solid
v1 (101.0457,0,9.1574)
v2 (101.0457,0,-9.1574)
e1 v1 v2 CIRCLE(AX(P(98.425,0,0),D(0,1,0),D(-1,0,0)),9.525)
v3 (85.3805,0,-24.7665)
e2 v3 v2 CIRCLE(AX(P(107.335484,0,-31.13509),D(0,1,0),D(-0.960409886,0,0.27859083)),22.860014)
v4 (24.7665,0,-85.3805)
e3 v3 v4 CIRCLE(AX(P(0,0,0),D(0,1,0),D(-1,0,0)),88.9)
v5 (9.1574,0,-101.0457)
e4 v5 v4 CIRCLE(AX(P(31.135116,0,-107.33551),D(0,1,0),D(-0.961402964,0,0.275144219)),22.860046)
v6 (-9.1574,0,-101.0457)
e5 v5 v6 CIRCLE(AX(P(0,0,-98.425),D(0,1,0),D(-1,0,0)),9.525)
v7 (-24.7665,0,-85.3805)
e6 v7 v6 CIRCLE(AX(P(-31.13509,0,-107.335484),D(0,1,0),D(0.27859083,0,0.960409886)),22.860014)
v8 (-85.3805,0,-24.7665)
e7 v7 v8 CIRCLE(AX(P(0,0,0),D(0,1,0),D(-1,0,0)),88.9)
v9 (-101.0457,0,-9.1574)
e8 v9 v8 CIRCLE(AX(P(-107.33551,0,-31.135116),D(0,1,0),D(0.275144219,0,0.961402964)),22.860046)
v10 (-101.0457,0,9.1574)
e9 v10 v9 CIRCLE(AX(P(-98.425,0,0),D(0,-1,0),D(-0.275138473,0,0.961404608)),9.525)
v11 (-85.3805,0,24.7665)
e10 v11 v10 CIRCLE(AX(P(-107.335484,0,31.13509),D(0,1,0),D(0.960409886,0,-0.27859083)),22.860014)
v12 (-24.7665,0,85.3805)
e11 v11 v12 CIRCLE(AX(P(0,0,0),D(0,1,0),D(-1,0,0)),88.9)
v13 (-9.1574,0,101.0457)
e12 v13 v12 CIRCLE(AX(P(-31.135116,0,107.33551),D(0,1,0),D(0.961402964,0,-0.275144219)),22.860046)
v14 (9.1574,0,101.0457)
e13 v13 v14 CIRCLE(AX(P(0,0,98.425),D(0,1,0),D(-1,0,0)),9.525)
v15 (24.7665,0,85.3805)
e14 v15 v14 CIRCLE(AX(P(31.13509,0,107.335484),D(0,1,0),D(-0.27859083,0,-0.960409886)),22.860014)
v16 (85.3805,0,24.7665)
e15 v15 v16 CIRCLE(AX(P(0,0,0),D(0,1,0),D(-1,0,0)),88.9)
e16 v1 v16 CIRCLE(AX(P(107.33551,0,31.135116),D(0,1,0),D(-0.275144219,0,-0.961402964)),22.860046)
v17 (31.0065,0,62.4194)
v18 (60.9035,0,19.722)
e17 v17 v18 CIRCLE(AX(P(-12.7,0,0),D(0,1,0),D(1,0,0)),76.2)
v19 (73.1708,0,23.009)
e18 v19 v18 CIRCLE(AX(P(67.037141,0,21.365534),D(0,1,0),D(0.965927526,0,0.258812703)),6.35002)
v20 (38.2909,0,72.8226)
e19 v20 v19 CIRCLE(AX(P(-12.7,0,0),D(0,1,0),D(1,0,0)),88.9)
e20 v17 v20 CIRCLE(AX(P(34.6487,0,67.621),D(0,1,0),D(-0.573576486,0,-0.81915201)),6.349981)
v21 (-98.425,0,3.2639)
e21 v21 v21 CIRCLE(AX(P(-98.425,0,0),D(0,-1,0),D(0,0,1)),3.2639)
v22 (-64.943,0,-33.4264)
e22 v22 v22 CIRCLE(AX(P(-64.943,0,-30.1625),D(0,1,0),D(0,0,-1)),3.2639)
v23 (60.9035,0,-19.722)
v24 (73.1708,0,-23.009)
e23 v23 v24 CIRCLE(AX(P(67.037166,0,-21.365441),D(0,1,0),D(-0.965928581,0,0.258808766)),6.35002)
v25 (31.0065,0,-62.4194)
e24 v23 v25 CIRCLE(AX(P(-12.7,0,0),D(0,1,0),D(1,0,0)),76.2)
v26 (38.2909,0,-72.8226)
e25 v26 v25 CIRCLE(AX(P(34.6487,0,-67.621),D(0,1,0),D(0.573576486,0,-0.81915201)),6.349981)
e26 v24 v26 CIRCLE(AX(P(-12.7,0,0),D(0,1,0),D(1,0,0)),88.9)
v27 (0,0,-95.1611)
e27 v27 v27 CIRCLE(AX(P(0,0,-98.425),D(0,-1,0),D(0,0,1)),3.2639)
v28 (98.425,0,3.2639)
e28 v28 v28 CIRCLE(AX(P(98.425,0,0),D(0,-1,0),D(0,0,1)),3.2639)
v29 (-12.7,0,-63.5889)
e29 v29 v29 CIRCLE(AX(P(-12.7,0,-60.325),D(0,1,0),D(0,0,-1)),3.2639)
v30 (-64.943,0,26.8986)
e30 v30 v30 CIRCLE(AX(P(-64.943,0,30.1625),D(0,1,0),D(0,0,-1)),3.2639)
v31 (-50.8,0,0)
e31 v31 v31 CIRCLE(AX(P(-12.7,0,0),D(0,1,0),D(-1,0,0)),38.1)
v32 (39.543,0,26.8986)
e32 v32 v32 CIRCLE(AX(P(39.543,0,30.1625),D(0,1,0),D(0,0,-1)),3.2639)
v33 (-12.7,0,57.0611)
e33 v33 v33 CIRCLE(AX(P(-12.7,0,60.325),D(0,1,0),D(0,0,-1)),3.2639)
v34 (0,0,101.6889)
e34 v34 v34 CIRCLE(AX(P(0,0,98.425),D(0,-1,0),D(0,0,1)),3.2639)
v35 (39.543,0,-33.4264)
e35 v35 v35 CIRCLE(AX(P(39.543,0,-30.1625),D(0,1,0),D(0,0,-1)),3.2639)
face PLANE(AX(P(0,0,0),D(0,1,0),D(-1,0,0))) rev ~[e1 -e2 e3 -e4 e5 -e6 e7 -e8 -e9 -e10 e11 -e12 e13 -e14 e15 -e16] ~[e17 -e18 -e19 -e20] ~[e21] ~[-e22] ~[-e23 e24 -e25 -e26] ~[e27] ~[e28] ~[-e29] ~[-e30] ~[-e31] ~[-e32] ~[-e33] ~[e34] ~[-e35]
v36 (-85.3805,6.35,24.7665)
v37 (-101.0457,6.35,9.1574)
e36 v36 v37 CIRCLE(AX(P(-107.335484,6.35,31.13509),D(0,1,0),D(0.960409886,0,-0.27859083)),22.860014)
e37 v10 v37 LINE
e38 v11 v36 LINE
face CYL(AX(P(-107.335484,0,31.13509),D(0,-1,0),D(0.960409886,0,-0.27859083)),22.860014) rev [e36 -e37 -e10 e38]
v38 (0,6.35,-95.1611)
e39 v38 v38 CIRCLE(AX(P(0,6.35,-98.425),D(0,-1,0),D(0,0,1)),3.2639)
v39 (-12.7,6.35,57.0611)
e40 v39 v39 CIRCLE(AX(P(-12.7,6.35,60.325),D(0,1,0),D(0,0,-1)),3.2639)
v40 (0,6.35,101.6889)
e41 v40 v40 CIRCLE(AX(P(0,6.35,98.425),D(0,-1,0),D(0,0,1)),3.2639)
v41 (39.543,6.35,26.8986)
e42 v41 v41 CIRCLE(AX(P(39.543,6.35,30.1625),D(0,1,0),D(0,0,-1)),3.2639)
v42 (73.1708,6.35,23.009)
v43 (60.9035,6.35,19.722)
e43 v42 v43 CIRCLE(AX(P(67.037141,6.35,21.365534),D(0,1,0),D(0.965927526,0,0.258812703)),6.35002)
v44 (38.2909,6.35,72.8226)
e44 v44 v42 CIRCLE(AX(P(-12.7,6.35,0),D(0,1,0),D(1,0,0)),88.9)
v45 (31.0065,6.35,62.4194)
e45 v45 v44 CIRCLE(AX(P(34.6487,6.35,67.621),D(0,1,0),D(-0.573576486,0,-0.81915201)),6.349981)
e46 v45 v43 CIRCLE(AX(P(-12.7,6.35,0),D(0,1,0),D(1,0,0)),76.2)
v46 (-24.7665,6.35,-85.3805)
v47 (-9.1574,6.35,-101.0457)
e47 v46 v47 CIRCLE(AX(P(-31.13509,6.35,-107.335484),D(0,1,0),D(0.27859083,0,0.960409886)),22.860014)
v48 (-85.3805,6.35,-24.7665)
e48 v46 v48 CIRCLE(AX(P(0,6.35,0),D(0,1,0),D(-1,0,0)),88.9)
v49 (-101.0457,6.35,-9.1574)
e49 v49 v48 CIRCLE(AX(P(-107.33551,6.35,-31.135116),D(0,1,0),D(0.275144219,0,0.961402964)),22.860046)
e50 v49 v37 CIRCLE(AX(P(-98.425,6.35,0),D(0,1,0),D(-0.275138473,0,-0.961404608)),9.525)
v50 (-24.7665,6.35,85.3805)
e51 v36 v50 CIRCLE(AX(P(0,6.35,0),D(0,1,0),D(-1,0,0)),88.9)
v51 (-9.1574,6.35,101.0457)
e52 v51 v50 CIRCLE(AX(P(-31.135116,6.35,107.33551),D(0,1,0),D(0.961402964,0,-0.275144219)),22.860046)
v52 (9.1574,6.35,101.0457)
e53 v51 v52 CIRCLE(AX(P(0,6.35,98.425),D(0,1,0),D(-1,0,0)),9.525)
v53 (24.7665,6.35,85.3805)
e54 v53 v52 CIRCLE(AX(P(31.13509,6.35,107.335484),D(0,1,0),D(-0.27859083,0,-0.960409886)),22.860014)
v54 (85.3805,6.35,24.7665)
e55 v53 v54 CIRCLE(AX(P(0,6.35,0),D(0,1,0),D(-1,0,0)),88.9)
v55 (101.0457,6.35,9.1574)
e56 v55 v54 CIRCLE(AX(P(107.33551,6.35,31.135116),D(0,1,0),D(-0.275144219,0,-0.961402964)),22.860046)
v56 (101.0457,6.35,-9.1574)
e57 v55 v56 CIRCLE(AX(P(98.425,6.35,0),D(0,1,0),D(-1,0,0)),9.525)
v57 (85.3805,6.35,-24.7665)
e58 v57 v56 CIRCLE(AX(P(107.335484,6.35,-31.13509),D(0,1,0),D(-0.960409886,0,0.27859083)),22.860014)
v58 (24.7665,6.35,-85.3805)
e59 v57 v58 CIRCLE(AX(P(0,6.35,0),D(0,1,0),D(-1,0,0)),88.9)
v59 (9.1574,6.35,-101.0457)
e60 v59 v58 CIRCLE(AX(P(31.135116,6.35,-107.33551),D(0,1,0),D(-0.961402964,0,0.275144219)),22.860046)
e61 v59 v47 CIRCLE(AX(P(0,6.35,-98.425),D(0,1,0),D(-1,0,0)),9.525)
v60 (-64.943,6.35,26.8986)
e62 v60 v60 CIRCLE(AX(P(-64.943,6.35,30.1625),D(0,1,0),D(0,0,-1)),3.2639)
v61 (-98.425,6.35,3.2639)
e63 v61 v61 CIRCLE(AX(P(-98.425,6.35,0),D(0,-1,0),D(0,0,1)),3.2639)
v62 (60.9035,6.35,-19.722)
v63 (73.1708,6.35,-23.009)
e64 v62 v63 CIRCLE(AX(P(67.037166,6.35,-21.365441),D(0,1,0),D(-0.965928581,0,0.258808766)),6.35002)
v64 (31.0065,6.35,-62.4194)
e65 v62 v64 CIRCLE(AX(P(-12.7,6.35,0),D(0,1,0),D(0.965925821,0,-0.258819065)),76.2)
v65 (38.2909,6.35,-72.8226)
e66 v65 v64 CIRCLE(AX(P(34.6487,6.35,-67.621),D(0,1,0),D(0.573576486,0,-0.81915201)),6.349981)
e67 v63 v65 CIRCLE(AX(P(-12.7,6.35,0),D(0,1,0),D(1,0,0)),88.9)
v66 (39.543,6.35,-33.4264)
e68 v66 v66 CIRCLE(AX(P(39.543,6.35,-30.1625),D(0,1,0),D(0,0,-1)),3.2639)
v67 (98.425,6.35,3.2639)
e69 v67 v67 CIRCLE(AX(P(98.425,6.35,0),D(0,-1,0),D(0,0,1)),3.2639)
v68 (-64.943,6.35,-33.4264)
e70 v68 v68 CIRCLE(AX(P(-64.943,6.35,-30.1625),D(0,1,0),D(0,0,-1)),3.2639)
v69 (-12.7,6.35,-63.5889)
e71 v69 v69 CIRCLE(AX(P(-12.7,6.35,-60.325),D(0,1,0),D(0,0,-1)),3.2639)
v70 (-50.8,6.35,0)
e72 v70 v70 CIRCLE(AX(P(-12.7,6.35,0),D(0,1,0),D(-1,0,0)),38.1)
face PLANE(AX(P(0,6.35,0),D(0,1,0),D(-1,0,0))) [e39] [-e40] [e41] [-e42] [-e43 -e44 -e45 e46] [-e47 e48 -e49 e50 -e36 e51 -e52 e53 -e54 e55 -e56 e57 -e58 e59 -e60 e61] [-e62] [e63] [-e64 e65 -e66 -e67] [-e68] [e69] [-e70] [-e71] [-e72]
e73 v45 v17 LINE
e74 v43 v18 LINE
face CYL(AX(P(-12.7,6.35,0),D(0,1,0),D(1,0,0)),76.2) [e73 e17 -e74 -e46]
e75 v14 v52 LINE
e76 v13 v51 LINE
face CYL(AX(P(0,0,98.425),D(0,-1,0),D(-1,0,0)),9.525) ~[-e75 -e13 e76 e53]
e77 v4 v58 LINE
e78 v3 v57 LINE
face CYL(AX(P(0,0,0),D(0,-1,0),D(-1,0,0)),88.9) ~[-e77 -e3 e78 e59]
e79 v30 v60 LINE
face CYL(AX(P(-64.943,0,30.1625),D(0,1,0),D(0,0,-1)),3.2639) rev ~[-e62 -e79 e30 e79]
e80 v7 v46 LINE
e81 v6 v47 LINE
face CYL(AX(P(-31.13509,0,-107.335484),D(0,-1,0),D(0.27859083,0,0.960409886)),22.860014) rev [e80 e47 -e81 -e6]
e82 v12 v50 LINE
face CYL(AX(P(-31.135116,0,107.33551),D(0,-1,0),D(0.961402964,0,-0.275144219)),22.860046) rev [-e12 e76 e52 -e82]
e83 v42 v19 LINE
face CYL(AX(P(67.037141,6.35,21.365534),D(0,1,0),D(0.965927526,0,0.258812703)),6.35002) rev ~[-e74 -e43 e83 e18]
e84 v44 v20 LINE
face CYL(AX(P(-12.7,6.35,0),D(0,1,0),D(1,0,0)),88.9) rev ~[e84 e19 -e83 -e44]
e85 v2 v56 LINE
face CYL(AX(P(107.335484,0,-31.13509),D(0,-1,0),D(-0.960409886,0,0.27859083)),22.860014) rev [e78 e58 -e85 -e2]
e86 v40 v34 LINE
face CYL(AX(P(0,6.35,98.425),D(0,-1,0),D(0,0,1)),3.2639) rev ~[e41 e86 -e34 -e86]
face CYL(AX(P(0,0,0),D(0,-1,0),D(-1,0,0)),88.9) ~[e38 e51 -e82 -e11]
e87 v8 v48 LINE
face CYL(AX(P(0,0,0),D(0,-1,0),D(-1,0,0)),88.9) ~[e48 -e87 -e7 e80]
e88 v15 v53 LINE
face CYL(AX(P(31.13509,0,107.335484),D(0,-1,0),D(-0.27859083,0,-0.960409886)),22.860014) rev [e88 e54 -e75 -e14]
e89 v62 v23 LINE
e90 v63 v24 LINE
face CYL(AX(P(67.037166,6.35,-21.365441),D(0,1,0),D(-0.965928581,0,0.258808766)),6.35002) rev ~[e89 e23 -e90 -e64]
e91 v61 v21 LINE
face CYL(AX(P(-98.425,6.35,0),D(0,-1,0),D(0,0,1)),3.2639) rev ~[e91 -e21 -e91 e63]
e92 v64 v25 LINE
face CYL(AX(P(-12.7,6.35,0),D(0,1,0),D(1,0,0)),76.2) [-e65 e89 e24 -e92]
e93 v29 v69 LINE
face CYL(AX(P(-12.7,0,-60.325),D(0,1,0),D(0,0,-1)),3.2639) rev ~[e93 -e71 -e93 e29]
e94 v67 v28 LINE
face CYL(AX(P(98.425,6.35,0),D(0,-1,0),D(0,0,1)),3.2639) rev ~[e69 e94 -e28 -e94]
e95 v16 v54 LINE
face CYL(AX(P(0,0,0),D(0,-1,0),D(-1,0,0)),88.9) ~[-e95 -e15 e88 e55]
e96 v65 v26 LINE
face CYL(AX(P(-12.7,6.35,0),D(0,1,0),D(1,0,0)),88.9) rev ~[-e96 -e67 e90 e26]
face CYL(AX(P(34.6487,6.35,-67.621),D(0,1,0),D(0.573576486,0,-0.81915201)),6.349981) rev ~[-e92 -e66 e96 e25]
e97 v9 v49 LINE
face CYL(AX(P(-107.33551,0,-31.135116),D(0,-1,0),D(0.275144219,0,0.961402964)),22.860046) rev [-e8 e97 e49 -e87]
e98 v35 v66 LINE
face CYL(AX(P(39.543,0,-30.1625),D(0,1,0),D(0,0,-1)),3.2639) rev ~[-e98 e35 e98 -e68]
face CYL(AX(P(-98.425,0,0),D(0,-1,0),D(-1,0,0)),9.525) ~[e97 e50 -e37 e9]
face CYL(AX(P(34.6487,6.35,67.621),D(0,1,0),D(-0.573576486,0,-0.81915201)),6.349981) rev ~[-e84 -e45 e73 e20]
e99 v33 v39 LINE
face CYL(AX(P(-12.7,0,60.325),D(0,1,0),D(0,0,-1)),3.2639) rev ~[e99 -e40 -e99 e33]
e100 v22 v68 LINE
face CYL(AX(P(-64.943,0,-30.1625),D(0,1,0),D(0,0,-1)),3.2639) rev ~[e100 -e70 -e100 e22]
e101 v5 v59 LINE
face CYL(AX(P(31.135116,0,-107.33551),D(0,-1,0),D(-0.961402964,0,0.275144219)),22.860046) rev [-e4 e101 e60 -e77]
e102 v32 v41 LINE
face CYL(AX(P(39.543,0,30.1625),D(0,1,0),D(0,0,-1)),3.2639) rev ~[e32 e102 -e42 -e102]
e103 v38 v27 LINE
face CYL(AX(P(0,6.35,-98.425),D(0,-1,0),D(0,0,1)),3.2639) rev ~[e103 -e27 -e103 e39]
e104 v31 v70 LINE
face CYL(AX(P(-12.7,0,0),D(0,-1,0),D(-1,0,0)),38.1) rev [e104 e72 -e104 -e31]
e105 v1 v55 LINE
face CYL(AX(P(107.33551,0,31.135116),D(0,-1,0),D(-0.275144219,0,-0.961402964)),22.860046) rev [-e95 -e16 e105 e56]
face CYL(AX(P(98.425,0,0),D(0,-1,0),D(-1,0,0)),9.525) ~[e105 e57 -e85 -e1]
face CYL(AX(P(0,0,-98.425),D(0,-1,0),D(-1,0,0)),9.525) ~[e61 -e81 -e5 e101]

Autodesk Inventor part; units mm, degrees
ref_plane "YZ Plane" through (0, 0, 0) normal (1, 0, 0) x (0, 1, 0)
ref_plane "XZ Plane" through (0, 0, 0) normal (0, 1, 0) x (-1, 0, 0)
ref_plane "XY Plane" through (0, 0, 0) normal (0, 0, 1) x (1, 0, 0)
sketch "Sketch1" plane through (0, 0, 0) normal (0, 1, 0) x (-1, 0, 0)
  circle A0 centre (12.7, 0) radius 38.1
  circle A1 centre (0, 0) radius 88.9
  circle A2 centre (0, 98.425) radius 9.525
  arc A3 (9.1574, 101.0457) -> (24.7665, 85.3805) centre (31.1351, 107.3355) ccw
  arc A4 (-24.7665, 85.3805) -> (-9.1574, 101.0457) centre (-31.1351, 107.3355) ccw
  circle A5 centre (-98.425, 0) radius 9.525
  circle A6 centre (0, -98.425) radius 9.525
  circle A7 centre (98.425, 0) radius 9.525
  arc A8 (85.3805, 24.7665) -> (101.0457, 9.1574) centre (107.3355, 31.1351) ccw
  arc A9 (24.7665, -85.3805) -> (9.1574, -101.0457) centre (31.1351, -107.3355) ccw
  arc A10 (-9.1574, -101.0457) -> (-24.7665, -85.3805) centre (-31.1351, -107.3355) ccw
  arc A11 (-85.3805, -24.7665) -> (-101.0457, -9.1574) centre (-107.3355, -31.1351) ccw
  arc A12 (-101.0457, 9.1574) -> (-85.3805, 24.7665) centre (-107.3355, 31.1351) ccw
  arc A13 (101.0457, -9.1574) -> (85.3805, -24.7665) centre (107.3355, -31.1351) ccw
  line L0 (98.425, 0) -> (88.9, 0)
  line L1 (0, 98.425) -> (0, 88.9)
  line L2 (0, -98.425) -> (0, -88.9)
  line L3 (-98.425, 0) -> (-88.9, 0)
  line L4 (12.7, 0) -> (0, 0)
  dimension "d20" = 177.8
  dimension "d0" = 76.2
  dimension "d2" = 19.05
  dimension "d3" = 22.86
  dimension "d21" = 12.7
extrude "Extrusion1" add sketch "Sketch1" along normal blind 6.35
sketch "Sketch3" plane through (0, 6.35, 0) normal (0, 1, 0) x (1, 0, 0)
  circle A0 centre (-12.7, 0) radius 38.1 projected
  arc A1 (101.0457, -9.1574) -> (101.0457, 9.1574) centre (98.425, 0) ccw projected
  arc A2 (101.0457, -9.1574) -> (85.3805, -24.7665) centre (107.3355, -31.1351) ccw projected
  arc A3 (24.7665, -85.3805) -> (85.3805, -24.7665) centre (0, 0) ccw projected
  arc A4 (24.7665, -85.3805) -> (9.1574, -101.0457) centre (31.1351, -107.3355) ccw projected
  arc A5 (-9.1574, -101.0457) -> (9.1574, -101.0457) centre (0, -98.425) ccw projected
  arc A6 (-9.1574, -101.0457) -> (-24.7665, -85.3805) centre (-31.1351, -107.3355) ccw projected
  arc A7 (-85.3805, -24.7665) -> (-24.7665, -85.3805) centre (0, 0) ccw projected
  arc A8 (-85.3805, -24.7665) -> (-101.0457, -9.1574) centre (-107.3355, -31.1351) ccw projected
  arc A9 (-101.0457, 9.1574) -> (-101.0457, -9.1574) centre (-98.425, 0) ccw projected
  arc A10 (-101.0457, 9.1574) -> (-85.3805, 24.7665) centre (-107.3355, 31.1351) ccw projected
  arc A11 (-24.7665, 85.3805) -> (-85.3805, 24.7665) centre (0, 0) ccw projected
  arc A12 (-24.7665, 85.3805) -> (-9.1574, 101.0457) centre (-31.1351, 107.3355) ccw projected
  arc A13 (9.1574, 101.0457) -> (-9.1574, 101.0457) centre (0, 98.425) ccw projected
  arc A14 (9.1574, 101.0457) -> (24.7665, 85.3805) centre (31.1351, 107.3355) ccw projected
  arc A15 (85.3805, 24.7665) -> (24.7665, 85.3805) centre (0, 0) ccw projected
  arc A16 (85.3805, 24.7665) -> (101.0457, 9.1574) centre (107.3355, 31.1351) ccw projected
hole "Hole1" at (98.425, 6.35, 0) at (0, 6.35, 98.425) at (-98.425, 6.35, 0) at (0, 6.35, -98.425) direction (0, -1, 0) diameter 6.5278 depth 12.2936 tip angle 118 clearance for "Socket Head Cap Screw" size "1/4" standard "Ansi Unified Screw Threads"
sketch "Sketch6" plane through (0, 0, 0) normal (0, -1, 0) x (1, 0, 0)
  circle A0 centre (-12.7, 0) radius 38.1 projected
  circle A1 centre (-12.7, 0) radius 50
  circle A2 centre (-12.7, 0) radius 69.85
  circle A3 centre (-12.7, 0) radius 60.325
  line L0 (-12.7, 0) -> (-12.7, 60.325)
  circle A4 centre (-12.7, 0) radius 60.325
  circle A5 centre (-12.7, 0) radius 60.325
  circle A6 centre (-12.7, 0) radius 60.325
  circle A7 centre (-12.7, 0) radius 60.325
  circle A8 centre (-12.7, 0) radius 60.325
  point P0 (0, 0)
  point P1 (39.543, 30.1625)
  point P2 (39.543, -30.1625)
  point P3 (-12.7, -60.325)
  point P4 (-64.943, -30.1625)
  point P5 (-64.943, 30.1625)
  dimension "d22" = 100
  dimension "d27" = 360
  dimension "d36" = 139.7
  dimension "d37" = 9.525
hole "Hole2" at (-12.7, 0, 60.325) at (39.543, 0, 30.1625) at (39.543, 0, -30.1625) at (-12.7, 0, -60.325) at (-64.943, 0, -30.1625) at (-64.943, 0, 30.1625) direction (0, 1, 0) diameter 6.5278 depth 12.2936 tip angle 118 clearance for "Socket Head Cap Screw" size "1/4" standard "Ansi Unified Screw Threads"
sketch "Sketch8" plane through (0, 6.35, 0) normal (0, 1, 0) x (1, 0, 0)
  circle A0 centre (-12.7, 0) radius 38.1
  circle A1 centre (-12.7, 0) radius 76.2
  circle A2 centre (-12.7, 0) radius 88.9
  arc A3 (38.2909, 72.8226) -> (31.0065, 62.4194) centre (34.6487, 67.621) ccw
  arc A4 (31.0065, -62.4194) -> (38.2909, -72.8226) centre (34.6487, -67.621) ccw
  line L0 (2.6706, 21.8863) -> (60.2892, 21.8863)
  line L1 (-12.7, 0) -> (34.6487, 67.621)
  line L2 (34.6487, -67.621) -> (-12.7, 0)
  arc A5 (73.1708, -23.009) -> (60.9035, -19.722) centre (67.0372, -21.3655) ccw
  arc A6 (60.9035, 19.722) -> (73.1708, 23.009) centre (67.0372, 21.3655) ccw
  line L3 (-12.7, 0) -> (67.0372, 21.3655)
  line L4 (-12.7, 0) -> (67.0372, -21.3655)
  circle A7 centre (-12.7, 0) radius 38.1 projected
  point P0 (0, 0)
  dimension "d38" = 38.1
  dimension "d39" = 12.7
  dimension "d40" = 55
  dimension "d41" = 55
  dimension "d42" = 40
  dimension "d43" = 40
extrude "Extrusion3" cut sketch "Sketch8" against normal blind 25.4 contours A1 A3 A2 A6 | A5 A2 A4 A1
properties part number "LargeBearingPlate" material "Stainless Steel"
